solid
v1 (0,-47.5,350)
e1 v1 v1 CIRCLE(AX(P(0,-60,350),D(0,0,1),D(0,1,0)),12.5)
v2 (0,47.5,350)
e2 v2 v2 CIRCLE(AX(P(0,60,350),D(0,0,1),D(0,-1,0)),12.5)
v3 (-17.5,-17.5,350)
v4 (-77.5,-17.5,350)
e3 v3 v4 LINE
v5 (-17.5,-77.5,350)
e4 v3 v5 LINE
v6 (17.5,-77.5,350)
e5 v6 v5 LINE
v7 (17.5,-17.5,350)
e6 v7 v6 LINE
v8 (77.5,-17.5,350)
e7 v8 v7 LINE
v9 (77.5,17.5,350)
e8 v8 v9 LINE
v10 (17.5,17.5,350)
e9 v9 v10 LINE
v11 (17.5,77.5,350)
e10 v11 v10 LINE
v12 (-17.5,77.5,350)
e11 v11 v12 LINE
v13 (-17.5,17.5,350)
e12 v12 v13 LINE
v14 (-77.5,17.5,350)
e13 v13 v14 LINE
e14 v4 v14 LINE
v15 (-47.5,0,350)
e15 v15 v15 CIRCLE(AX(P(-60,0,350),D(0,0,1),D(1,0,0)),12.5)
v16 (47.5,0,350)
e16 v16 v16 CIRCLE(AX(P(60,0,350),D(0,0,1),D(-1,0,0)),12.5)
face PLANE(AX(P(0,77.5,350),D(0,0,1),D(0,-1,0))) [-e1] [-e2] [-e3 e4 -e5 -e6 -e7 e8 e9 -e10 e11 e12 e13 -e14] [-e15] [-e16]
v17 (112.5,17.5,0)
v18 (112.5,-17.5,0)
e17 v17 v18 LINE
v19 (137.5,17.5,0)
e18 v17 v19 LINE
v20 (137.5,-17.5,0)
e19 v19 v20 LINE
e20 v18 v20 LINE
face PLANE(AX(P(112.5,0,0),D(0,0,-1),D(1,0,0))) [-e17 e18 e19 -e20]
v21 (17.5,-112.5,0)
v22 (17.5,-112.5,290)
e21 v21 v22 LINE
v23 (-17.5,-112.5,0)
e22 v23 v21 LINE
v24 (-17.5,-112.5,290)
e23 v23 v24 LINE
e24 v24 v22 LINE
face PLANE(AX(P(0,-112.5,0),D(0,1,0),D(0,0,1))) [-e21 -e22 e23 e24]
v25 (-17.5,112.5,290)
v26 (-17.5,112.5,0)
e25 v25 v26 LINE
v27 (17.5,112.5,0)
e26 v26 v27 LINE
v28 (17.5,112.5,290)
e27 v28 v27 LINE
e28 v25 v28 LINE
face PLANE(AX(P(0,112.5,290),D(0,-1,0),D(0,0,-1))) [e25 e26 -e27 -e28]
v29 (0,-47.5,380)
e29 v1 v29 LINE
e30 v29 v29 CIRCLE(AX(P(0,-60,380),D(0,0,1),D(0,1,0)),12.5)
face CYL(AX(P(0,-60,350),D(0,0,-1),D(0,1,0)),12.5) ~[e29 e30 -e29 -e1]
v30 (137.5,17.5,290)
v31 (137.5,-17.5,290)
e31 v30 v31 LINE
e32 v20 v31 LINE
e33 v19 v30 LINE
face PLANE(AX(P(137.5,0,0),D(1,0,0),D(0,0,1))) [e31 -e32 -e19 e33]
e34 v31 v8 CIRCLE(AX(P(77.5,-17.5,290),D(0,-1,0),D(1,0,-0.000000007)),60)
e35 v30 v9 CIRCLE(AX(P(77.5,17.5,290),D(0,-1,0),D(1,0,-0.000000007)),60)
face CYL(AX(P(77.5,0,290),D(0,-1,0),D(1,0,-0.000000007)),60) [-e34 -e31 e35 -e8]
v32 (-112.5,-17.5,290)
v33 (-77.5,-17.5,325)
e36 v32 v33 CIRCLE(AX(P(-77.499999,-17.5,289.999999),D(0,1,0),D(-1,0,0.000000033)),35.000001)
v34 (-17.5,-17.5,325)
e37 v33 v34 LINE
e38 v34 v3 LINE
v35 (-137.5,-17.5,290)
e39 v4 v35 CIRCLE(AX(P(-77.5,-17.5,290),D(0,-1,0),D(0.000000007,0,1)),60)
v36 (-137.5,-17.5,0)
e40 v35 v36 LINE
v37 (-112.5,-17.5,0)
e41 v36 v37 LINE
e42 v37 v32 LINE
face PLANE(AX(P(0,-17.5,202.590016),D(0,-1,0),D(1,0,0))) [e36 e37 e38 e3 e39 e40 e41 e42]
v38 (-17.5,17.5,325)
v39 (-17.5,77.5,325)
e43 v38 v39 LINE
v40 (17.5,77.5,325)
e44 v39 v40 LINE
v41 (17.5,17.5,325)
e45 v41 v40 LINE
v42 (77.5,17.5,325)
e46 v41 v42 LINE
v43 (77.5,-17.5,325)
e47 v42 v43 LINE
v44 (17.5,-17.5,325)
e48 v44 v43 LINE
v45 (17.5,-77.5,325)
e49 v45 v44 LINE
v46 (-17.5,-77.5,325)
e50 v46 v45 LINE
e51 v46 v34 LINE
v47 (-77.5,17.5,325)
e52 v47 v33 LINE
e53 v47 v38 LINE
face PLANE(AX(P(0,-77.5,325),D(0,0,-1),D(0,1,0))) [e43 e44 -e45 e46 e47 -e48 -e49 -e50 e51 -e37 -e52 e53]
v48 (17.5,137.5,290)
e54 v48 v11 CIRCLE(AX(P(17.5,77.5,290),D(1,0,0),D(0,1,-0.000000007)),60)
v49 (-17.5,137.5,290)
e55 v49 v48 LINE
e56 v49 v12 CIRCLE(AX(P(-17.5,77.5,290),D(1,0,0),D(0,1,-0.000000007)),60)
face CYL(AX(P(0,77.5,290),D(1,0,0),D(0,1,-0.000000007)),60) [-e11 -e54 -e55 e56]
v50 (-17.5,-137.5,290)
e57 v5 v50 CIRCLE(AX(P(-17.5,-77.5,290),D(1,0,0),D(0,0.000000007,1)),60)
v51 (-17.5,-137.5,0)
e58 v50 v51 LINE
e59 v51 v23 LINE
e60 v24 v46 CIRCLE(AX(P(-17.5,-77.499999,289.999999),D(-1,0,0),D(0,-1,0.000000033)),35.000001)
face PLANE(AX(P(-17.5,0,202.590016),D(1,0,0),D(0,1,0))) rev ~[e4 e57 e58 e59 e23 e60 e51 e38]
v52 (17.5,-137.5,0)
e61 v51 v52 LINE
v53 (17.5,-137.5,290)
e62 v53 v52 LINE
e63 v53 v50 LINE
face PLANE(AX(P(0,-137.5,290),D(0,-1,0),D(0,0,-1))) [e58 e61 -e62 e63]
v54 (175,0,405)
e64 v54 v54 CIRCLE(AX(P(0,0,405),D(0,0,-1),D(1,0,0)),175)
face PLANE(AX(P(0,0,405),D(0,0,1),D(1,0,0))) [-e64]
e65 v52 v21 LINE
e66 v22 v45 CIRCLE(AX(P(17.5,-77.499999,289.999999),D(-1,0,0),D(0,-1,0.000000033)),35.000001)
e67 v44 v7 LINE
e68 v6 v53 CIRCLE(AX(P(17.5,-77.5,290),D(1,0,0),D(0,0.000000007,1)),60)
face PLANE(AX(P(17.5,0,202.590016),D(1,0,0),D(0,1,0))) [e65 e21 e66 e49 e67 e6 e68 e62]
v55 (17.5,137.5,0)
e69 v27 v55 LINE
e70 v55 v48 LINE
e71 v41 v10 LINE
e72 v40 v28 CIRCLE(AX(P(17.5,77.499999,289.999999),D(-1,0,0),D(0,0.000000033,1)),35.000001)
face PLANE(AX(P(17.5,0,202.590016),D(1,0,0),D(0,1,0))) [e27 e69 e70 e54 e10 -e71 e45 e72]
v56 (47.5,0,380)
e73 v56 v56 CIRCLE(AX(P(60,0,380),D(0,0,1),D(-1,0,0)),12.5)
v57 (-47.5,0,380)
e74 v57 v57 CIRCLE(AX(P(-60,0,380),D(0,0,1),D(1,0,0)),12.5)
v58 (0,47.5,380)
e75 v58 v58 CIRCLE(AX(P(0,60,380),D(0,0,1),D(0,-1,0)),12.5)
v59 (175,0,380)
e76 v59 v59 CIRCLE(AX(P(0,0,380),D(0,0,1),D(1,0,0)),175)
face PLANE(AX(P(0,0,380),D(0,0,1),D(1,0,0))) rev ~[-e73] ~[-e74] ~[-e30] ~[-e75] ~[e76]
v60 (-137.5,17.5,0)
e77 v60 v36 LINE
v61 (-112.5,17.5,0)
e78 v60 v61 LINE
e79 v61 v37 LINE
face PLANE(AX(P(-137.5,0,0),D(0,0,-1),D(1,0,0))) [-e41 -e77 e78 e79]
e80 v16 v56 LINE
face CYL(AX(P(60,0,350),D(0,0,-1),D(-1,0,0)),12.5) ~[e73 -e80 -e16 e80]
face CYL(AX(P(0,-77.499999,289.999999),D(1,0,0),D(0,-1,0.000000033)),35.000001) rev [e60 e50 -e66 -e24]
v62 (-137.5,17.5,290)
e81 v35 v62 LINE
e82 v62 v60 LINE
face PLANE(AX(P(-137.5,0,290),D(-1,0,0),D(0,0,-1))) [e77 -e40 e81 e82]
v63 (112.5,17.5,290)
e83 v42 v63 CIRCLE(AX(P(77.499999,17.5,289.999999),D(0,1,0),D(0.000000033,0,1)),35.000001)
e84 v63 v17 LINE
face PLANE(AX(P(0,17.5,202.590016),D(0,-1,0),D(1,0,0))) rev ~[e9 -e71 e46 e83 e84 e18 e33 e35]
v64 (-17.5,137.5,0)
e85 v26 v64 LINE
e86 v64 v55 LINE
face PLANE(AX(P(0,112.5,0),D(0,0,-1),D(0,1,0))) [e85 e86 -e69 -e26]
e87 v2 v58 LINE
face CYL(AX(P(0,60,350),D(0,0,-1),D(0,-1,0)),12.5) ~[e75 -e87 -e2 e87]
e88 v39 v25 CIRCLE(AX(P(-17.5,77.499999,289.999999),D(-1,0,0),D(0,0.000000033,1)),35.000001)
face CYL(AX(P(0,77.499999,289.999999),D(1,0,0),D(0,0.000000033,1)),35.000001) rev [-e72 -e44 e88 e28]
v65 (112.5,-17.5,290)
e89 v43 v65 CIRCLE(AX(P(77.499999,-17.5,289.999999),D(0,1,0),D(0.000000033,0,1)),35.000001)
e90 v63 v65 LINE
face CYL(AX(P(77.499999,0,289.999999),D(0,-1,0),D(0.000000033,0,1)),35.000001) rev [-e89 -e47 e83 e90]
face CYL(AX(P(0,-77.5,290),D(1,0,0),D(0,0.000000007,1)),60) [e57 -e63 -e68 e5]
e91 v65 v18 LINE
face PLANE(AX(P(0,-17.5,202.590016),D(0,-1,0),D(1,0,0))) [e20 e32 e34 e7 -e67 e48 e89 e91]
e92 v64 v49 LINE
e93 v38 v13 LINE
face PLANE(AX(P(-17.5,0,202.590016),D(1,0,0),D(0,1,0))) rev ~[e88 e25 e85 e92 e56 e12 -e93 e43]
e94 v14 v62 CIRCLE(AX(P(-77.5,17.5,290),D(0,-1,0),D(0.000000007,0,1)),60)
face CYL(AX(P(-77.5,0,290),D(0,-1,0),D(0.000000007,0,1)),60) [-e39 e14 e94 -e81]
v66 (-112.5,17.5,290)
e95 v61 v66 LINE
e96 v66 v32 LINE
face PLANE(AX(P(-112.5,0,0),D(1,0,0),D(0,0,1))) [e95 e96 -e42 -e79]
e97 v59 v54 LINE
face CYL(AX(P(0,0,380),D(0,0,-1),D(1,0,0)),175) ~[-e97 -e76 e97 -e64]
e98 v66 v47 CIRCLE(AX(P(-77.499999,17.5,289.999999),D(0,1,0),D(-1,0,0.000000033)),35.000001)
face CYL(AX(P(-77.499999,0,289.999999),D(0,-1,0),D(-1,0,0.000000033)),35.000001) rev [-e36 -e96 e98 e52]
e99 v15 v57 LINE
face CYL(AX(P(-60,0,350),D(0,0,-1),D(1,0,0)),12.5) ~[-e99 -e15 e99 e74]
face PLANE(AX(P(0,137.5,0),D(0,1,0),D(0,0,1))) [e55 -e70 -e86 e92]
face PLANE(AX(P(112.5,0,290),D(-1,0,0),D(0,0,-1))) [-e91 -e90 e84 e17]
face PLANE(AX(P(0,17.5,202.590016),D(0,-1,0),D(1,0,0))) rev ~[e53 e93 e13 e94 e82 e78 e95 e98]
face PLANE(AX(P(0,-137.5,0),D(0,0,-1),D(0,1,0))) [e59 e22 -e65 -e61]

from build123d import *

# Parameters (mm, degrees)
F1_DEPTH = 17.5
F2_COUNT = 2
F2_ANGLE = 90
F4_R     = 175
F5_DEPTH = 25
F6_R     = 12.5
F7_DEPTH = 30
F8_COUNT = 4


with BuildPart() as f1:
    # F0 (on Front) → F1 (new body, symmetric)
    with BuildSketch(Plane.XZ):
        with BuildLine():
            Line((-137.5, 290), (-137.5, 0))
            Line((-137.5, 0), (-112.5, 0))
            Line((-112.5, 0), (-112.5, 290))
            ThreePointArc((-112.5, 290), (-102.248737, 314.748737), (-77.5, 325))
            Line((-77.5, 325), (0, 325))
            Line((0, 325), (77.5, 325))
            ThreePointArc((77.5, 325), (102.248737, 314.748737), (112.5, 290))
            Line((112.5, 290), (112.5, 0))
            Line((112.5, 0), (137.5, 0))
            Line((137.5, 0), (137.5, 290))
            ThreePointArc((137.5, 290), (119.926407, 332.426407), (77.5, 350))
            Line((77.5, 350), (0, 350))
            Line((0, 350), (-77.5, 350))
            ThreePointArc((-77.5, 350), (-119.926407, 332.426407), (-137.5, 290))
        make_face()
    extrude(amount=F1_DEPTH, both=True)

    # F2: F1 ×2 about axis
    f2_axis = Axis((0, 0, 337.5), (0, 0, 1))


with BuildPart() as f1_1:
    add(f1.part)
    for i in range(1, F2_COUNT):
        add(f1.part.rotate(f2_axis, i * F2_ANGLE / (F2_COUNT - 1)))



with BuildPart() as f5:
    # F4 (on offset) → F5 (new body)
    with BuildSketch(Plane.XY.offset(380)):
        Circle(F4_R)
    extrude(amount=F5_DEPTH)


with BuildPart() as f1_2:
    add(f1_1.part)

    add(f5.part)  # F7 merges F5
    # F6 (on face) → F7 (join, through all)
    with BuildSketch(Plane.XY.offset(350)):
        with Locations((-60, 0)):
            Circle(F6_R)
    extrude(amount=F7_DEPTH)

    # F8: F1 ×4 about axis
    f8_axis = Axis((0, 0, 337.5), (0, 0, 1))


with BuildPart() as f1_3:
    add(f1_2.part)
    for i in range(1, F8_COUNT):
        add(f1_2.part.rotate(f8_axis, i * 360 / F8_COUNT))


solid = f1_3.part
